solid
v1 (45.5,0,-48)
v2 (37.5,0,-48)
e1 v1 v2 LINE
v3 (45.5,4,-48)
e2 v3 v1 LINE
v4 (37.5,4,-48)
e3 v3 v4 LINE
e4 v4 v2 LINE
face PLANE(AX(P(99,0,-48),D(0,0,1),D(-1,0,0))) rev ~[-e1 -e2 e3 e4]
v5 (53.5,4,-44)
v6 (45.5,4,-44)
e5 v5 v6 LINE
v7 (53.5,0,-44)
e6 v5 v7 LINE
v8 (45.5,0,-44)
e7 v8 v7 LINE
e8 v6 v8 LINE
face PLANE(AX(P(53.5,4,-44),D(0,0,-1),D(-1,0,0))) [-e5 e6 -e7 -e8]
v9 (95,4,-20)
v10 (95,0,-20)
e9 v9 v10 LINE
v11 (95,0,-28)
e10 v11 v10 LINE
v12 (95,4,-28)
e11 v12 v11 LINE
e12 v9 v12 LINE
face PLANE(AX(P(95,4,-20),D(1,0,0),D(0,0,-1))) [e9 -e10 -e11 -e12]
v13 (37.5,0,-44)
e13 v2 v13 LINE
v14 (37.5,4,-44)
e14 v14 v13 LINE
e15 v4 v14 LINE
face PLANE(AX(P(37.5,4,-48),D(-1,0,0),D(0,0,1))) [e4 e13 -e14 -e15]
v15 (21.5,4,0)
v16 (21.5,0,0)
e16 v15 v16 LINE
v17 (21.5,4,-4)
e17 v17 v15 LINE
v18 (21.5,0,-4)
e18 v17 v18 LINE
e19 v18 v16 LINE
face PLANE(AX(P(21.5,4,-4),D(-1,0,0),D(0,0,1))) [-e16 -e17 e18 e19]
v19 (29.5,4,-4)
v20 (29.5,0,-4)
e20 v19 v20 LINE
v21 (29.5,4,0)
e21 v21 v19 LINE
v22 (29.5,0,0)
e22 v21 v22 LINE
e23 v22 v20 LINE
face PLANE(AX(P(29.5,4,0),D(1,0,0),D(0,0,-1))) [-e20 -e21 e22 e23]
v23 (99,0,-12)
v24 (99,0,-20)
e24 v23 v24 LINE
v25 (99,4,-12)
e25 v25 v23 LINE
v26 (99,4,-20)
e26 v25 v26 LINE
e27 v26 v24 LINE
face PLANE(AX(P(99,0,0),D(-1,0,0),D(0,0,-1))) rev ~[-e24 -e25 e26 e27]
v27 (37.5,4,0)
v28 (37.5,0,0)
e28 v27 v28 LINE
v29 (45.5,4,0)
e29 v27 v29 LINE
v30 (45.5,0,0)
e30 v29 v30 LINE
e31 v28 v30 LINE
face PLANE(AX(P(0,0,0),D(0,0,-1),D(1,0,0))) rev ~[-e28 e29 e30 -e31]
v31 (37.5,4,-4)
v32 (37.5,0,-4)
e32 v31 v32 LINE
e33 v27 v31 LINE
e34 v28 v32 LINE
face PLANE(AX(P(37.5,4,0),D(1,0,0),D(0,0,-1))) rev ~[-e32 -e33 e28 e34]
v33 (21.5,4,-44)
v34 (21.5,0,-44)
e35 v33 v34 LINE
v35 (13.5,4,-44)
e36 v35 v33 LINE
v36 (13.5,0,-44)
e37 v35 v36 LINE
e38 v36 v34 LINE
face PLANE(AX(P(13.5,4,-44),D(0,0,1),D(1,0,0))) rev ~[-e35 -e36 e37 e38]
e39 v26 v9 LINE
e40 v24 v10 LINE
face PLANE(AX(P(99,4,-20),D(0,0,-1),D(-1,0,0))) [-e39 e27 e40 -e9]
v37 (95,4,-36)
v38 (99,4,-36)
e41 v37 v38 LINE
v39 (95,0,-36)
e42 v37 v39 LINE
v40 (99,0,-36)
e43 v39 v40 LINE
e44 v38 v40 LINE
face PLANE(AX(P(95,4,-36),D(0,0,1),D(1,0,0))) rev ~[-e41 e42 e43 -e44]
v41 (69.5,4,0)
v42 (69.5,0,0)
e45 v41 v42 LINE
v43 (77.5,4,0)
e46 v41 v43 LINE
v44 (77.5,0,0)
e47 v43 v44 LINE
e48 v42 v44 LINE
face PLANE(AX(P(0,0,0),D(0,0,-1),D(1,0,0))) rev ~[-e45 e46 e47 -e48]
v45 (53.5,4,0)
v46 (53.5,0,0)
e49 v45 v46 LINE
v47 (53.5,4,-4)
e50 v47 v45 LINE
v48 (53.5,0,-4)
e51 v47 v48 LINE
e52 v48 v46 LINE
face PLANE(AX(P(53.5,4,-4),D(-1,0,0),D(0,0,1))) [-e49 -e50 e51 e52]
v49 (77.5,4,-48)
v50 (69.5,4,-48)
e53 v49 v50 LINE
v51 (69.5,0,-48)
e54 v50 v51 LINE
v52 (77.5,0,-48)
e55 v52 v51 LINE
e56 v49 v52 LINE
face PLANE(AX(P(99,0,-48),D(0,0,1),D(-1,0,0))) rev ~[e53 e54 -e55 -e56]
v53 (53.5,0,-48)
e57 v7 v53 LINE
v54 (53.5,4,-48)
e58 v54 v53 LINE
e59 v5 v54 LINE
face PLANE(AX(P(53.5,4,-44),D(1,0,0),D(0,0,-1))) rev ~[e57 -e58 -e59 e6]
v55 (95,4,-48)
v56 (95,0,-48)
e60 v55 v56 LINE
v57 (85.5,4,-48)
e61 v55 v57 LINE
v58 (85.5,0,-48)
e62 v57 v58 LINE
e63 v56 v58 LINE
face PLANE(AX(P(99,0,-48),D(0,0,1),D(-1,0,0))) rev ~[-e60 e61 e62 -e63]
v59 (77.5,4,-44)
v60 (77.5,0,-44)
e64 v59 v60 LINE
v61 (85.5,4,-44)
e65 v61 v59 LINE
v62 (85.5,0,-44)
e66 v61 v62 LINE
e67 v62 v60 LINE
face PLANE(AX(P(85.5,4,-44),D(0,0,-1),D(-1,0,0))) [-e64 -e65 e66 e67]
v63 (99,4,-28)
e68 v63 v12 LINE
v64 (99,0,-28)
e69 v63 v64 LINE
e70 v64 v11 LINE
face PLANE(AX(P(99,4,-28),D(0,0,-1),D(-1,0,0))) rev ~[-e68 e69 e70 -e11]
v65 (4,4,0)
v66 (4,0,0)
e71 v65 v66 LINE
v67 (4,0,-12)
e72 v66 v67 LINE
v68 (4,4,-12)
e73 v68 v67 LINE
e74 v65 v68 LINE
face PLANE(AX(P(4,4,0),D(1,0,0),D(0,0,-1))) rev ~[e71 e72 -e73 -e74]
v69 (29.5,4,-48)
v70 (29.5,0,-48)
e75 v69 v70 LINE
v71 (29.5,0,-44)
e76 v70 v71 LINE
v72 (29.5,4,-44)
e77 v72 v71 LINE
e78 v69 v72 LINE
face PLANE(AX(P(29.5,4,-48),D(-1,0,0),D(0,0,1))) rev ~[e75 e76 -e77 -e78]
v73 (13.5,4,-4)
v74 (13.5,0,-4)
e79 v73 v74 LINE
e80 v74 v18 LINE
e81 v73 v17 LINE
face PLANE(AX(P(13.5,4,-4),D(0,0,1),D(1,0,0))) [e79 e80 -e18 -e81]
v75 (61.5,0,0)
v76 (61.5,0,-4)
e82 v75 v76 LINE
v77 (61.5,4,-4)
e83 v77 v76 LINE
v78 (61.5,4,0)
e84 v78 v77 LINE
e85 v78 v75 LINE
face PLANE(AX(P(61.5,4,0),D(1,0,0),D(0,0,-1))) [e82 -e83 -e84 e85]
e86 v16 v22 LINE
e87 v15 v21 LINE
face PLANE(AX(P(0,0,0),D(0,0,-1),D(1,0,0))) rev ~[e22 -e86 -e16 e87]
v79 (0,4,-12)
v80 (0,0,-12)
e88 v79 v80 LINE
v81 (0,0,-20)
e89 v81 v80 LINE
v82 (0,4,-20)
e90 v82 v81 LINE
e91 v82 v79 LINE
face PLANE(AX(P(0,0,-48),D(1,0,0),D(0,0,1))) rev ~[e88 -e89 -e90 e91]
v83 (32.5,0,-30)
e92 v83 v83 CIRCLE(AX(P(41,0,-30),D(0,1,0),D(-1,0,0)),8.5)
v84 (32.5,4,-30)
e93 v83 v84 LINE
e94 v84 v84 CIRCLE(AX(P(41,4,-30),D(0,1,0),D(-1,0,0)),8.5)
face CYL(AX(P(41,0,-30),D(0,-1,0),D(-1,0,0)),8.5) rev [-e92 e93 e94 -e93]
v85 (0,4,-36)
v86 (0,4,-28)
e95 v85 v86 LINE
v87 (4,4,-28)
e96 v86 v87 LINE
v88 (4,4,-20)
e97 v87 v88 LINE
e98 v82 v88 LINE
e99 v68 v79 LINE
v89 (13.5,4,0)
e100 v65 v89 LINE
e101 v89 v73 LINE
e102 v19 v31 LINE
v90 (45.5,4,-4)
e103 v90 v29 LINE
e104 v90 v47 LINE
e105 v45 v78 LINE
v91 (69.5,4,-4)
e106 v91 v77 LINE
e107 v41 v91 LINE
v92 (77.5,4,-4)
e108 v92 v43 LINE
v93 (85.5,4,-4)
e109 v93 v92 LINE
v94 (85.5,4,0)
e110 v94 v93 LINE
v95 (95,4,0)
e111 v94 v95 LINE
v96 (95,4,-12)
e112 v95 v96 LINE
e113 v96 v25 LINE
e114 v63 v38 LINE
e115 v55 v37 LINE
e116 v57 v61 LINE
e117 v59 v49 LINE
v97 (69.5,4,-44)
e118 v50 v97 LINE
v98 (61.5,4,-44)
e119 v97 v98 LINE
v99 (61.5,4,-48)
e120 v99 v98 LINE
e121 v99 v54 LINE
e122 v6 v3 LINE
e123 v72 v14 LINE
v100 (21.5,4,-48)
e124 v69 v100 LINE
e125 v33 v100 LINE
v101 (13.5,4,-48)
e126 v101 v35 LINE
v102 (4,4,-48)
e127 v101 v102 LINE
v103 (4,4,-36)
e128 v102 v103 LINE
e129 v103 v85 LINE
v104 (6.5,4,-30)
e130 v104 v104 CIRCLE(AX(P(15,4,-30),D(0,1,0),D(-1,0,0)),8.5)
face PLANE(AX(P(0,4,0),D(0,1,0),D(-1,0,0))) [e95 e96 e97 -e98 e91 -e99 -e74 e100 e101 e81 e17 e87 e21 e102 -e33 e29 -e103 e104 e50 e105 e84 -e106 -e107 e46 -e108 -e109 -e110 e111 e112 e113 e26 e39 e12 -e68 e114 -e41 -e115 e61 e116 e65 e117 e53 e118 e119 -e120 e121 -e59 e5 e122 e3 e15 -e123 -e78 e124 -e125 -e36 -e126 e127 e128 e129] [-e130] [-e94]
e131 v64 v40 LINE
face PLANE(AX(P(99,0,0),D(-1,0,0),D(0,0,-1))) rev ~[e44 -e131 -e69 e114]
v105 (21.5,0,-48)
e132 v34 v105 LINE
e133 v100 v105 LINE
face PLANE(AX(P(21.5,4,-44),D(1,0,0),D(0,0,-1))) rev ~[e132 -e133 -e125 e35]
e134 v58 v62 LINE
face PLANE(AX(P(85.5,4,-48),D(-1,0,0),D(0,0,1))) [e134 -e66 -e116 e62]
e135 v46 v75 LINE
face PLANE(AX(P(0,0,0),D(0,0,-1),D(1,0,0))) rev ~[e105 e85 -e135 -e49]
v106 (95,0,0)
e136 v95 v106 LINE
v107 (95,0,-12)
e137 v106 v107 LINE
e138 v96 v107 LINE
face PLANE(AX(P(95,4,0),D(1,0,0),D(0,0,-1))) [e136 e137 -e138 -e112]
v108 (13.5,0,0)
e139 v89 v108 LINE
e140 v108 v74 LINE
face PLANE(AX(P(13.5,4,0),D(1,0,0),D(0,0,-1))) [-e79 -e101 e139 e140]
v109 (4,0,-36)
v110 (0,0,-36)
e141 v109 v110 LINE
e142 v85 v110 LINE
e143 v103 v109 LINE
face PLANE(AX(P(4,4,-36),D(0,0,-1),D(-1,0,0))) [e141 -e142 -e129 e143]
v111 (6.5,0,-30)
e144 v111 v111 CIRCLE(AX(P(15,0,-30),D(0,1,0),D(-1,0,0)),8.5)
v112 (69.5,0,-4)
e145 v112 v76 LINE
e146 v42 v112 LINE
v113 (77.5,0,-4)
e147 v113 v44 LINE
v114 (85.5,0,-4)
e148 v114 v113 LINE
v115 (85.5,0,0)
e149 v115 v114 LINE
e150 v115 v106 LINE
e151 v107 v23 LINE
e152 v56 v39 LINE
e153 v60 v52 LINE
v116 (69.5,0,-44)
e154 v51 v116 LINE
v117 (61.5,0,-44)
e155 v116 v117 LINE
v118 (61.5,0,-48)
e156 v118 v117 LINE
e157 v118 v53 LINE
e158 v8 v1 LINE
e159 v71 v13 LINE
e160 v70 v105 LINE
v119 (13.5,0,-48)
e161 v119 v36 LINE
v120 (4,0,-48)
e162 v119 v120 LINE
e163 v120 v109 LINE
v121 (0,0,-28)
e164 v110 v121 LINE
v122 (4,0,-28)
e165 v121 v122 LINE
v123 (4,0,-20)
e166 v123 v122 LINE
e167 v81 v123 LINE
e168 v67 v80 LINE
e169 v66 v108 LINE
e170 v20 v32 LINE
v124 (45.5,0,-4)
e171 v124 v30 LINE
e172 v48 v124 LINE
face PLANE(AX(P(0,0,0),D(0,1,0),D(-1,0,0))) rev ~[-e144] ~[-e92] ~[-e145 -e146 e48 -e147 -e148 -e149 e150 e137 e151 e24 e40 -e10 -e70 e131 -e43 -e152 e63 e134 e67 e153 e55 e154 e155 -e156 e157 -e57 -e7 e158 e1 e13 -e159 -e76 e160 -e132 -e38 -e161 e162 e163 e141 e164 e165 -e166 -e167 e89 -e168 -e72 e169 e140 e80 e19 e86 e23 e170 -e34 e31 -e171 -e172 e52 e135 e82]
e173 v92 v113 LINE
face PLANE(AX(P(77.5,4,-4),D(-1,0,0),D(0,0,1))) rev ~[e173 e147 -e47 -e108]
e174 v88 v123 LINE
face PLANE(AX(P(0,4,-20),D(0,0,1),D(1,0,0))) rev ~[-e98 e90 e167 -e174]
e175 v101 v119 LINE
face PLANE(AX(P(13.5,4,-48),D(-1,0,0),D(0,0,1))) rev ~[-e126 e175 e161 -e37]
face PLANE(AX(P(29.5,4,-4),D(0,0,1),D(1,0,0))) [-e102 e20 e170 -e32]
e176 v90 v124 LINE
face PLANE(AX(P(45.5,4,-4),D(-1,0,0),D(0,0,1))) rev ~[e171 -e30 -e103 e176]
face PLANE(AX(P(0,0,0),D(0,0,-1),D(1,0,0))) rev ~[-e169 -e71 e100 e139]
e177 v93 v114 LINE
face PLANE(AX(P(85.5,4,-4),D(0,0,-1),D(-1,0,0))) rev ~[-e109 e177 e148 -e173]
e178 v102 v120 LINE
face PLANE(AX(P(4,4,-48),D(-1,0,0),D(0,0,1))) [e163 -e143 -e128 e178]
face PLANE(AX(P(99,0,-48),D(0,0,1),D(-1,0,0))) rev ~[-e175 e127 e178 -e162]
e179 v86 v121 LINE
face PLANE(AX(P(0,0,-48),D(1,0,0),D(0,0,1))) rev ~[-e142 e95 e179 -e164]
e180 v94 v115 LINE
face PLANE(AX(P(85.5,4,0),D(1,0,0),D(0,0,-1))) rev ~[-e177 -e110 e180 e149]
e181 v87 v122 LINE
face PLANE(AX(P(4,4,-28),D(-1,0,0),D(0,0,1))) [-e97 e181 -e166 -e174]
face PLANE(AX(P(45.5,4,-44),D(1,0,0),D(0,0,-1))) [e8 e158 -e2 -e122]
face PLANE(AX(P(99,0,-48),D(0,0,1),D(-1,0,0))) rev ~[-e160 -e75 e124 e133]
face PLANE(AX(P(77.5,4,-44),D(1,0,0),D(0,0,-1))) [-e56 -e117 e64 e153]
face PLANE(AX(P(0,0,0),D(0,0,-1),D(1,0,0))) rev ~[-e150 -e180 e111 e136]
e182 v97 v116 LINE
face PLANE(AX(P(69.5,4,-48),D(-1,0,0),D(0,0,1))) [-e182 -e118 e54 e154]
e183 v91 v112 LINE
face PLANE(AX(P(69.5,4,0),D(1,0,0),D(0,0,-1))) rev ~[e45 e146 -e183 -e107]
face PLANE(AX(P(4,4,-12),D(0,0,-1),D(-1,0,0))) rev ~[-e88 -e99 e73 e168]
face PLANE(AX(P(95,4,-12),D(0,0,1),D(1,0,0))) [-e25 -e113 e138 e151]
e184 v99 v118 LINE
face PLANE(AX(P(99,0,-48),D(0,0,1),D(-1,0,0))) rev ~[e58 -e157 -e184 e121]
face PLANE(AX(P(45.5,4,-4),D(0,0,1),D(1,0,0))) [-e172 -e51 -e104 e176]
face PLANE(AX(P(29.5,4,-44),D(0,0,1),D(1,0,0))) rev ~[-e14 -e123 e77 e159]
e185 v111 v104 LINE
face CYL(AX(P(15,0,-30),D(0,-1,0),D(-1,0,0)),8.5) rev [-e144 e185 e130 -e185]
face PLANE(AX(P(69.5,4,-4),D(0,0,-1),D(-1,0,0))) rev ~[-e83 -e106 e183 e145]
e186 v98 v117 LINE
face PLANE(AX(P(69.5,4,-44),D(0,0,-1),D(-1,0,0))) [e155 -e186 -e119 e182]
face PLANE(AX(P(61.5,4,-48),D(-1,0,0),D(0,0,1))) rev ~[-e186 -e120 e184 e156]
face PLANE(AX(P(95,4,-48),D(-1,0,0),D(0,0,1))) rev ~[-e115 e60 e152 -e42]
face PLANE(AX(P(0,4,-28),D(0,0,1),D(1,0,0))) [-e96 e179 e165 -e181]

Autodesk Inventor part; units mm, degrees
ref_plane "YZ Plane" through (0, 0, 0) normal (1, 0, 0) x (0, 1, 0)
ref_plane "XZ Plane" through (0, 0, 0) normal (0, 1, 0) x (-1, 0, 0)
ref_plane "XY Plane" through (0, 0, 0) normal (0, 0, 1) x (1, 0, 0)
sketch "Sketch1" plane through (0, 0, 0) normal (0, 1, 0) x (-1, 0, 0)
  line L0 (0, 0) -> (-99, 0)
  line L1 (-99, 0) -> (-99, -48)
  line L2 (-99, -48) -> (0, -48)
  line L3 (0, -48) -> (0, 0)
  circle A0 centre (-15, -30) radius 8.5
  circle A1 centre (-41, -30) radius 8.5
  line L4 (-15, -30) -> (-41, -30) construction
  dimension "d0" = 99
  dimension "d1" = 48
  dimension "d2" = 17
  dimension "d3" = 15
  dimension "d4" = 30
  dimension "d5" = 26
extrude "Extrusion1" add sketch "Sketch1" along normal blind 4
sketch "Sketch2" plane through (0, 4, 0) normal (0, 1, 0) x (1, 0, 0)
  line L0 (99, 48) -> (0, 48) construction
  line L1 (99, 0) -> (99, 48) construction
  line L2 (0, 0) -> (99, 0) construction
  line L3 (0, 48) -> (0, 0) construction
  line L4 (4, 44) -> (95, 44) construction
  line L5 (95, 44) -> (95, 4) construction
  line L6 (95, 4) -> (4, 4) construction
  line L7 (4, 4) -> (4, 44) construction
  line L8 (4, 36) -> (0, 36)
  line L9 (0, 36) -> (0, 48)
  line L10 (0, 48) -> (4, 48)
  line L11 (4, 48) -> (4, 36)
  line L12 (0, 24) -> (99, 24) construction
  line L13 (49.5, 0) -> (49.5, 48) construction
  line L14 (0, 28) -> (4, 28)
  line L15 (0, 28) -> (0, 24)
  line L16 (4, 28) -> (4, 24)
  line L17 (13.5, 48) -> (13.5, 44)
  line L18 (13.5, 44) -> (21.5, 44)
  line L19 (21.5, 44) -> (21.5, 48)
  line L20 (21.5, 48) -> (13.5, 48)
  line L21 (29.5, 48) -> (29.5, 44)
  line L22 (29.5, 44) -> (37.5, 44)
  line L23 (37.5, 48) -> (37.5, 44)
  line L24 (37.5, 48) -> (29.5, 48)
  line L25 (45.5, 44) -> (45.5, 48)
  line L26 (45.5, 44) -> (49.5, 44)
  line L27 (49.5, 48) -> (45.5, 48)
  line L28 (4, 12) -> (0, 12)
  line L29 (0, 12) -> (0, 0)
  line L30 (0, 0) -> (4, 0)
  line L31 (4, 0) -> (4, 12)
  line L32 (0, 20) -> (4, 20)
  line L33 (0, 20) -> (0, 24)
  line L34 (4, 20) -> (4, 24)
  line L35 (13.5, 0) -> (13.5, 4)
  line L36 (13.5, 4) -> (21.5, 4)
  line L37 (21.5, 4) -> (21.5, 0)
  line L38 (21.5, 0) -> (13.5, 0)
  line L39 (29.5, 0) -> (29.5, 4)
  line L40 (29.5, 4) -> (37.5, 4)
  line L41 (37.5, 0) -> (37.5, 4)
  line L42 (37.5, 0) -> (29.5, 0)
  line L43 (45.5, 4) -> (45.5, 0)
  line L44 (45.5, 4) -> (49.5, 4)
  line L45 (49.5, 0) -> (45.5, 0)
  line L46 (99, 48) -> (99, 0) construction
  line L47 (95, 4) -> (95, 44) construction
  line L48 (95, 36) -> (99, 36)
  line L49 (99, 36) -> (99, 48)
  line L50 (99, 48) -> (95, 48)
  line L51 (95, 48) -> (95, 36)
  line L52 (99, 28) -> (95, 28)
  line L53 (99, 28) -> (99, 24)
  line L54 (95, 28) -> (95, 24)
  line L55 (85.5, 48) -> (85.5, 44)
  line L56 (85.5, 44) -> (77.5, 44)
  line L57 (77.5, 44) -> (77.5, 48)
  line L58 (77.5, 48) -> (85.5, 48)
  line L59 (69.5, 48) -> (69.5, 44)
  line L60 (69.5, 44) -> (61.5, 44)
  line L61 (61.5, 48) -> (61.5, 44)
  line L62 (61.5, 48) -> (69.5, 48)
  line L63 (53.5, 44) -> (53.5, 48)
  line L64 (53.5, 44) -> (49.5, 44)
  line L65 (49.5, 48) -> (53.5, 48)
  line L66 (99, 0) -> (95, 0)
  line L67 (69.5, 0) -> (69.5, 4)
  line L68 (69.5, 4) -> (61.5, 4)
  line L69 (61.5, 0) -> (69.5, 0)
  line L70 (61.5, 0) -> (61.5, 4)
  line L71 (53.5, 4) -> (53.5, 0)
  line L72 (53.5, 4) -> (49.5, 4)
  line L73 (49.5, 0) -> (53.5, 0)
  line L74 (95, 0) -> (95, 12)
  line L75 (95, 12) -> (99, 12)
  line L76 (99, 12) -> (99, 0)
  line L77 (85.5, 0) -> (85.5, 4)
  line L78 (99, 20) -> (95, 20)
  line L79 (77.5, 0) -> (85.5, 0)
  line L80 (77.5, 4) -> (77.5, 0)
  line L81 (85.5, 4) -> (77.5, 4)
  line L82 (95, 20) -> (95, 24)
  line L83 (99, 20) -> (99, 24)
  dimension "d8" = 4
  dimension "d11" = 8
  dimension "d12" = 4
  dimension "d14" = 8
  dimension "d15" = 8
  dimension "d16" = 8
  dimension "d17" = 4
  dimension "d18" = 8
extrude "Extrusion2" cut sketch "Sketch2" against normal up to surface (4 mm away)
properties part number "front" material "PBT Plastic Black"
